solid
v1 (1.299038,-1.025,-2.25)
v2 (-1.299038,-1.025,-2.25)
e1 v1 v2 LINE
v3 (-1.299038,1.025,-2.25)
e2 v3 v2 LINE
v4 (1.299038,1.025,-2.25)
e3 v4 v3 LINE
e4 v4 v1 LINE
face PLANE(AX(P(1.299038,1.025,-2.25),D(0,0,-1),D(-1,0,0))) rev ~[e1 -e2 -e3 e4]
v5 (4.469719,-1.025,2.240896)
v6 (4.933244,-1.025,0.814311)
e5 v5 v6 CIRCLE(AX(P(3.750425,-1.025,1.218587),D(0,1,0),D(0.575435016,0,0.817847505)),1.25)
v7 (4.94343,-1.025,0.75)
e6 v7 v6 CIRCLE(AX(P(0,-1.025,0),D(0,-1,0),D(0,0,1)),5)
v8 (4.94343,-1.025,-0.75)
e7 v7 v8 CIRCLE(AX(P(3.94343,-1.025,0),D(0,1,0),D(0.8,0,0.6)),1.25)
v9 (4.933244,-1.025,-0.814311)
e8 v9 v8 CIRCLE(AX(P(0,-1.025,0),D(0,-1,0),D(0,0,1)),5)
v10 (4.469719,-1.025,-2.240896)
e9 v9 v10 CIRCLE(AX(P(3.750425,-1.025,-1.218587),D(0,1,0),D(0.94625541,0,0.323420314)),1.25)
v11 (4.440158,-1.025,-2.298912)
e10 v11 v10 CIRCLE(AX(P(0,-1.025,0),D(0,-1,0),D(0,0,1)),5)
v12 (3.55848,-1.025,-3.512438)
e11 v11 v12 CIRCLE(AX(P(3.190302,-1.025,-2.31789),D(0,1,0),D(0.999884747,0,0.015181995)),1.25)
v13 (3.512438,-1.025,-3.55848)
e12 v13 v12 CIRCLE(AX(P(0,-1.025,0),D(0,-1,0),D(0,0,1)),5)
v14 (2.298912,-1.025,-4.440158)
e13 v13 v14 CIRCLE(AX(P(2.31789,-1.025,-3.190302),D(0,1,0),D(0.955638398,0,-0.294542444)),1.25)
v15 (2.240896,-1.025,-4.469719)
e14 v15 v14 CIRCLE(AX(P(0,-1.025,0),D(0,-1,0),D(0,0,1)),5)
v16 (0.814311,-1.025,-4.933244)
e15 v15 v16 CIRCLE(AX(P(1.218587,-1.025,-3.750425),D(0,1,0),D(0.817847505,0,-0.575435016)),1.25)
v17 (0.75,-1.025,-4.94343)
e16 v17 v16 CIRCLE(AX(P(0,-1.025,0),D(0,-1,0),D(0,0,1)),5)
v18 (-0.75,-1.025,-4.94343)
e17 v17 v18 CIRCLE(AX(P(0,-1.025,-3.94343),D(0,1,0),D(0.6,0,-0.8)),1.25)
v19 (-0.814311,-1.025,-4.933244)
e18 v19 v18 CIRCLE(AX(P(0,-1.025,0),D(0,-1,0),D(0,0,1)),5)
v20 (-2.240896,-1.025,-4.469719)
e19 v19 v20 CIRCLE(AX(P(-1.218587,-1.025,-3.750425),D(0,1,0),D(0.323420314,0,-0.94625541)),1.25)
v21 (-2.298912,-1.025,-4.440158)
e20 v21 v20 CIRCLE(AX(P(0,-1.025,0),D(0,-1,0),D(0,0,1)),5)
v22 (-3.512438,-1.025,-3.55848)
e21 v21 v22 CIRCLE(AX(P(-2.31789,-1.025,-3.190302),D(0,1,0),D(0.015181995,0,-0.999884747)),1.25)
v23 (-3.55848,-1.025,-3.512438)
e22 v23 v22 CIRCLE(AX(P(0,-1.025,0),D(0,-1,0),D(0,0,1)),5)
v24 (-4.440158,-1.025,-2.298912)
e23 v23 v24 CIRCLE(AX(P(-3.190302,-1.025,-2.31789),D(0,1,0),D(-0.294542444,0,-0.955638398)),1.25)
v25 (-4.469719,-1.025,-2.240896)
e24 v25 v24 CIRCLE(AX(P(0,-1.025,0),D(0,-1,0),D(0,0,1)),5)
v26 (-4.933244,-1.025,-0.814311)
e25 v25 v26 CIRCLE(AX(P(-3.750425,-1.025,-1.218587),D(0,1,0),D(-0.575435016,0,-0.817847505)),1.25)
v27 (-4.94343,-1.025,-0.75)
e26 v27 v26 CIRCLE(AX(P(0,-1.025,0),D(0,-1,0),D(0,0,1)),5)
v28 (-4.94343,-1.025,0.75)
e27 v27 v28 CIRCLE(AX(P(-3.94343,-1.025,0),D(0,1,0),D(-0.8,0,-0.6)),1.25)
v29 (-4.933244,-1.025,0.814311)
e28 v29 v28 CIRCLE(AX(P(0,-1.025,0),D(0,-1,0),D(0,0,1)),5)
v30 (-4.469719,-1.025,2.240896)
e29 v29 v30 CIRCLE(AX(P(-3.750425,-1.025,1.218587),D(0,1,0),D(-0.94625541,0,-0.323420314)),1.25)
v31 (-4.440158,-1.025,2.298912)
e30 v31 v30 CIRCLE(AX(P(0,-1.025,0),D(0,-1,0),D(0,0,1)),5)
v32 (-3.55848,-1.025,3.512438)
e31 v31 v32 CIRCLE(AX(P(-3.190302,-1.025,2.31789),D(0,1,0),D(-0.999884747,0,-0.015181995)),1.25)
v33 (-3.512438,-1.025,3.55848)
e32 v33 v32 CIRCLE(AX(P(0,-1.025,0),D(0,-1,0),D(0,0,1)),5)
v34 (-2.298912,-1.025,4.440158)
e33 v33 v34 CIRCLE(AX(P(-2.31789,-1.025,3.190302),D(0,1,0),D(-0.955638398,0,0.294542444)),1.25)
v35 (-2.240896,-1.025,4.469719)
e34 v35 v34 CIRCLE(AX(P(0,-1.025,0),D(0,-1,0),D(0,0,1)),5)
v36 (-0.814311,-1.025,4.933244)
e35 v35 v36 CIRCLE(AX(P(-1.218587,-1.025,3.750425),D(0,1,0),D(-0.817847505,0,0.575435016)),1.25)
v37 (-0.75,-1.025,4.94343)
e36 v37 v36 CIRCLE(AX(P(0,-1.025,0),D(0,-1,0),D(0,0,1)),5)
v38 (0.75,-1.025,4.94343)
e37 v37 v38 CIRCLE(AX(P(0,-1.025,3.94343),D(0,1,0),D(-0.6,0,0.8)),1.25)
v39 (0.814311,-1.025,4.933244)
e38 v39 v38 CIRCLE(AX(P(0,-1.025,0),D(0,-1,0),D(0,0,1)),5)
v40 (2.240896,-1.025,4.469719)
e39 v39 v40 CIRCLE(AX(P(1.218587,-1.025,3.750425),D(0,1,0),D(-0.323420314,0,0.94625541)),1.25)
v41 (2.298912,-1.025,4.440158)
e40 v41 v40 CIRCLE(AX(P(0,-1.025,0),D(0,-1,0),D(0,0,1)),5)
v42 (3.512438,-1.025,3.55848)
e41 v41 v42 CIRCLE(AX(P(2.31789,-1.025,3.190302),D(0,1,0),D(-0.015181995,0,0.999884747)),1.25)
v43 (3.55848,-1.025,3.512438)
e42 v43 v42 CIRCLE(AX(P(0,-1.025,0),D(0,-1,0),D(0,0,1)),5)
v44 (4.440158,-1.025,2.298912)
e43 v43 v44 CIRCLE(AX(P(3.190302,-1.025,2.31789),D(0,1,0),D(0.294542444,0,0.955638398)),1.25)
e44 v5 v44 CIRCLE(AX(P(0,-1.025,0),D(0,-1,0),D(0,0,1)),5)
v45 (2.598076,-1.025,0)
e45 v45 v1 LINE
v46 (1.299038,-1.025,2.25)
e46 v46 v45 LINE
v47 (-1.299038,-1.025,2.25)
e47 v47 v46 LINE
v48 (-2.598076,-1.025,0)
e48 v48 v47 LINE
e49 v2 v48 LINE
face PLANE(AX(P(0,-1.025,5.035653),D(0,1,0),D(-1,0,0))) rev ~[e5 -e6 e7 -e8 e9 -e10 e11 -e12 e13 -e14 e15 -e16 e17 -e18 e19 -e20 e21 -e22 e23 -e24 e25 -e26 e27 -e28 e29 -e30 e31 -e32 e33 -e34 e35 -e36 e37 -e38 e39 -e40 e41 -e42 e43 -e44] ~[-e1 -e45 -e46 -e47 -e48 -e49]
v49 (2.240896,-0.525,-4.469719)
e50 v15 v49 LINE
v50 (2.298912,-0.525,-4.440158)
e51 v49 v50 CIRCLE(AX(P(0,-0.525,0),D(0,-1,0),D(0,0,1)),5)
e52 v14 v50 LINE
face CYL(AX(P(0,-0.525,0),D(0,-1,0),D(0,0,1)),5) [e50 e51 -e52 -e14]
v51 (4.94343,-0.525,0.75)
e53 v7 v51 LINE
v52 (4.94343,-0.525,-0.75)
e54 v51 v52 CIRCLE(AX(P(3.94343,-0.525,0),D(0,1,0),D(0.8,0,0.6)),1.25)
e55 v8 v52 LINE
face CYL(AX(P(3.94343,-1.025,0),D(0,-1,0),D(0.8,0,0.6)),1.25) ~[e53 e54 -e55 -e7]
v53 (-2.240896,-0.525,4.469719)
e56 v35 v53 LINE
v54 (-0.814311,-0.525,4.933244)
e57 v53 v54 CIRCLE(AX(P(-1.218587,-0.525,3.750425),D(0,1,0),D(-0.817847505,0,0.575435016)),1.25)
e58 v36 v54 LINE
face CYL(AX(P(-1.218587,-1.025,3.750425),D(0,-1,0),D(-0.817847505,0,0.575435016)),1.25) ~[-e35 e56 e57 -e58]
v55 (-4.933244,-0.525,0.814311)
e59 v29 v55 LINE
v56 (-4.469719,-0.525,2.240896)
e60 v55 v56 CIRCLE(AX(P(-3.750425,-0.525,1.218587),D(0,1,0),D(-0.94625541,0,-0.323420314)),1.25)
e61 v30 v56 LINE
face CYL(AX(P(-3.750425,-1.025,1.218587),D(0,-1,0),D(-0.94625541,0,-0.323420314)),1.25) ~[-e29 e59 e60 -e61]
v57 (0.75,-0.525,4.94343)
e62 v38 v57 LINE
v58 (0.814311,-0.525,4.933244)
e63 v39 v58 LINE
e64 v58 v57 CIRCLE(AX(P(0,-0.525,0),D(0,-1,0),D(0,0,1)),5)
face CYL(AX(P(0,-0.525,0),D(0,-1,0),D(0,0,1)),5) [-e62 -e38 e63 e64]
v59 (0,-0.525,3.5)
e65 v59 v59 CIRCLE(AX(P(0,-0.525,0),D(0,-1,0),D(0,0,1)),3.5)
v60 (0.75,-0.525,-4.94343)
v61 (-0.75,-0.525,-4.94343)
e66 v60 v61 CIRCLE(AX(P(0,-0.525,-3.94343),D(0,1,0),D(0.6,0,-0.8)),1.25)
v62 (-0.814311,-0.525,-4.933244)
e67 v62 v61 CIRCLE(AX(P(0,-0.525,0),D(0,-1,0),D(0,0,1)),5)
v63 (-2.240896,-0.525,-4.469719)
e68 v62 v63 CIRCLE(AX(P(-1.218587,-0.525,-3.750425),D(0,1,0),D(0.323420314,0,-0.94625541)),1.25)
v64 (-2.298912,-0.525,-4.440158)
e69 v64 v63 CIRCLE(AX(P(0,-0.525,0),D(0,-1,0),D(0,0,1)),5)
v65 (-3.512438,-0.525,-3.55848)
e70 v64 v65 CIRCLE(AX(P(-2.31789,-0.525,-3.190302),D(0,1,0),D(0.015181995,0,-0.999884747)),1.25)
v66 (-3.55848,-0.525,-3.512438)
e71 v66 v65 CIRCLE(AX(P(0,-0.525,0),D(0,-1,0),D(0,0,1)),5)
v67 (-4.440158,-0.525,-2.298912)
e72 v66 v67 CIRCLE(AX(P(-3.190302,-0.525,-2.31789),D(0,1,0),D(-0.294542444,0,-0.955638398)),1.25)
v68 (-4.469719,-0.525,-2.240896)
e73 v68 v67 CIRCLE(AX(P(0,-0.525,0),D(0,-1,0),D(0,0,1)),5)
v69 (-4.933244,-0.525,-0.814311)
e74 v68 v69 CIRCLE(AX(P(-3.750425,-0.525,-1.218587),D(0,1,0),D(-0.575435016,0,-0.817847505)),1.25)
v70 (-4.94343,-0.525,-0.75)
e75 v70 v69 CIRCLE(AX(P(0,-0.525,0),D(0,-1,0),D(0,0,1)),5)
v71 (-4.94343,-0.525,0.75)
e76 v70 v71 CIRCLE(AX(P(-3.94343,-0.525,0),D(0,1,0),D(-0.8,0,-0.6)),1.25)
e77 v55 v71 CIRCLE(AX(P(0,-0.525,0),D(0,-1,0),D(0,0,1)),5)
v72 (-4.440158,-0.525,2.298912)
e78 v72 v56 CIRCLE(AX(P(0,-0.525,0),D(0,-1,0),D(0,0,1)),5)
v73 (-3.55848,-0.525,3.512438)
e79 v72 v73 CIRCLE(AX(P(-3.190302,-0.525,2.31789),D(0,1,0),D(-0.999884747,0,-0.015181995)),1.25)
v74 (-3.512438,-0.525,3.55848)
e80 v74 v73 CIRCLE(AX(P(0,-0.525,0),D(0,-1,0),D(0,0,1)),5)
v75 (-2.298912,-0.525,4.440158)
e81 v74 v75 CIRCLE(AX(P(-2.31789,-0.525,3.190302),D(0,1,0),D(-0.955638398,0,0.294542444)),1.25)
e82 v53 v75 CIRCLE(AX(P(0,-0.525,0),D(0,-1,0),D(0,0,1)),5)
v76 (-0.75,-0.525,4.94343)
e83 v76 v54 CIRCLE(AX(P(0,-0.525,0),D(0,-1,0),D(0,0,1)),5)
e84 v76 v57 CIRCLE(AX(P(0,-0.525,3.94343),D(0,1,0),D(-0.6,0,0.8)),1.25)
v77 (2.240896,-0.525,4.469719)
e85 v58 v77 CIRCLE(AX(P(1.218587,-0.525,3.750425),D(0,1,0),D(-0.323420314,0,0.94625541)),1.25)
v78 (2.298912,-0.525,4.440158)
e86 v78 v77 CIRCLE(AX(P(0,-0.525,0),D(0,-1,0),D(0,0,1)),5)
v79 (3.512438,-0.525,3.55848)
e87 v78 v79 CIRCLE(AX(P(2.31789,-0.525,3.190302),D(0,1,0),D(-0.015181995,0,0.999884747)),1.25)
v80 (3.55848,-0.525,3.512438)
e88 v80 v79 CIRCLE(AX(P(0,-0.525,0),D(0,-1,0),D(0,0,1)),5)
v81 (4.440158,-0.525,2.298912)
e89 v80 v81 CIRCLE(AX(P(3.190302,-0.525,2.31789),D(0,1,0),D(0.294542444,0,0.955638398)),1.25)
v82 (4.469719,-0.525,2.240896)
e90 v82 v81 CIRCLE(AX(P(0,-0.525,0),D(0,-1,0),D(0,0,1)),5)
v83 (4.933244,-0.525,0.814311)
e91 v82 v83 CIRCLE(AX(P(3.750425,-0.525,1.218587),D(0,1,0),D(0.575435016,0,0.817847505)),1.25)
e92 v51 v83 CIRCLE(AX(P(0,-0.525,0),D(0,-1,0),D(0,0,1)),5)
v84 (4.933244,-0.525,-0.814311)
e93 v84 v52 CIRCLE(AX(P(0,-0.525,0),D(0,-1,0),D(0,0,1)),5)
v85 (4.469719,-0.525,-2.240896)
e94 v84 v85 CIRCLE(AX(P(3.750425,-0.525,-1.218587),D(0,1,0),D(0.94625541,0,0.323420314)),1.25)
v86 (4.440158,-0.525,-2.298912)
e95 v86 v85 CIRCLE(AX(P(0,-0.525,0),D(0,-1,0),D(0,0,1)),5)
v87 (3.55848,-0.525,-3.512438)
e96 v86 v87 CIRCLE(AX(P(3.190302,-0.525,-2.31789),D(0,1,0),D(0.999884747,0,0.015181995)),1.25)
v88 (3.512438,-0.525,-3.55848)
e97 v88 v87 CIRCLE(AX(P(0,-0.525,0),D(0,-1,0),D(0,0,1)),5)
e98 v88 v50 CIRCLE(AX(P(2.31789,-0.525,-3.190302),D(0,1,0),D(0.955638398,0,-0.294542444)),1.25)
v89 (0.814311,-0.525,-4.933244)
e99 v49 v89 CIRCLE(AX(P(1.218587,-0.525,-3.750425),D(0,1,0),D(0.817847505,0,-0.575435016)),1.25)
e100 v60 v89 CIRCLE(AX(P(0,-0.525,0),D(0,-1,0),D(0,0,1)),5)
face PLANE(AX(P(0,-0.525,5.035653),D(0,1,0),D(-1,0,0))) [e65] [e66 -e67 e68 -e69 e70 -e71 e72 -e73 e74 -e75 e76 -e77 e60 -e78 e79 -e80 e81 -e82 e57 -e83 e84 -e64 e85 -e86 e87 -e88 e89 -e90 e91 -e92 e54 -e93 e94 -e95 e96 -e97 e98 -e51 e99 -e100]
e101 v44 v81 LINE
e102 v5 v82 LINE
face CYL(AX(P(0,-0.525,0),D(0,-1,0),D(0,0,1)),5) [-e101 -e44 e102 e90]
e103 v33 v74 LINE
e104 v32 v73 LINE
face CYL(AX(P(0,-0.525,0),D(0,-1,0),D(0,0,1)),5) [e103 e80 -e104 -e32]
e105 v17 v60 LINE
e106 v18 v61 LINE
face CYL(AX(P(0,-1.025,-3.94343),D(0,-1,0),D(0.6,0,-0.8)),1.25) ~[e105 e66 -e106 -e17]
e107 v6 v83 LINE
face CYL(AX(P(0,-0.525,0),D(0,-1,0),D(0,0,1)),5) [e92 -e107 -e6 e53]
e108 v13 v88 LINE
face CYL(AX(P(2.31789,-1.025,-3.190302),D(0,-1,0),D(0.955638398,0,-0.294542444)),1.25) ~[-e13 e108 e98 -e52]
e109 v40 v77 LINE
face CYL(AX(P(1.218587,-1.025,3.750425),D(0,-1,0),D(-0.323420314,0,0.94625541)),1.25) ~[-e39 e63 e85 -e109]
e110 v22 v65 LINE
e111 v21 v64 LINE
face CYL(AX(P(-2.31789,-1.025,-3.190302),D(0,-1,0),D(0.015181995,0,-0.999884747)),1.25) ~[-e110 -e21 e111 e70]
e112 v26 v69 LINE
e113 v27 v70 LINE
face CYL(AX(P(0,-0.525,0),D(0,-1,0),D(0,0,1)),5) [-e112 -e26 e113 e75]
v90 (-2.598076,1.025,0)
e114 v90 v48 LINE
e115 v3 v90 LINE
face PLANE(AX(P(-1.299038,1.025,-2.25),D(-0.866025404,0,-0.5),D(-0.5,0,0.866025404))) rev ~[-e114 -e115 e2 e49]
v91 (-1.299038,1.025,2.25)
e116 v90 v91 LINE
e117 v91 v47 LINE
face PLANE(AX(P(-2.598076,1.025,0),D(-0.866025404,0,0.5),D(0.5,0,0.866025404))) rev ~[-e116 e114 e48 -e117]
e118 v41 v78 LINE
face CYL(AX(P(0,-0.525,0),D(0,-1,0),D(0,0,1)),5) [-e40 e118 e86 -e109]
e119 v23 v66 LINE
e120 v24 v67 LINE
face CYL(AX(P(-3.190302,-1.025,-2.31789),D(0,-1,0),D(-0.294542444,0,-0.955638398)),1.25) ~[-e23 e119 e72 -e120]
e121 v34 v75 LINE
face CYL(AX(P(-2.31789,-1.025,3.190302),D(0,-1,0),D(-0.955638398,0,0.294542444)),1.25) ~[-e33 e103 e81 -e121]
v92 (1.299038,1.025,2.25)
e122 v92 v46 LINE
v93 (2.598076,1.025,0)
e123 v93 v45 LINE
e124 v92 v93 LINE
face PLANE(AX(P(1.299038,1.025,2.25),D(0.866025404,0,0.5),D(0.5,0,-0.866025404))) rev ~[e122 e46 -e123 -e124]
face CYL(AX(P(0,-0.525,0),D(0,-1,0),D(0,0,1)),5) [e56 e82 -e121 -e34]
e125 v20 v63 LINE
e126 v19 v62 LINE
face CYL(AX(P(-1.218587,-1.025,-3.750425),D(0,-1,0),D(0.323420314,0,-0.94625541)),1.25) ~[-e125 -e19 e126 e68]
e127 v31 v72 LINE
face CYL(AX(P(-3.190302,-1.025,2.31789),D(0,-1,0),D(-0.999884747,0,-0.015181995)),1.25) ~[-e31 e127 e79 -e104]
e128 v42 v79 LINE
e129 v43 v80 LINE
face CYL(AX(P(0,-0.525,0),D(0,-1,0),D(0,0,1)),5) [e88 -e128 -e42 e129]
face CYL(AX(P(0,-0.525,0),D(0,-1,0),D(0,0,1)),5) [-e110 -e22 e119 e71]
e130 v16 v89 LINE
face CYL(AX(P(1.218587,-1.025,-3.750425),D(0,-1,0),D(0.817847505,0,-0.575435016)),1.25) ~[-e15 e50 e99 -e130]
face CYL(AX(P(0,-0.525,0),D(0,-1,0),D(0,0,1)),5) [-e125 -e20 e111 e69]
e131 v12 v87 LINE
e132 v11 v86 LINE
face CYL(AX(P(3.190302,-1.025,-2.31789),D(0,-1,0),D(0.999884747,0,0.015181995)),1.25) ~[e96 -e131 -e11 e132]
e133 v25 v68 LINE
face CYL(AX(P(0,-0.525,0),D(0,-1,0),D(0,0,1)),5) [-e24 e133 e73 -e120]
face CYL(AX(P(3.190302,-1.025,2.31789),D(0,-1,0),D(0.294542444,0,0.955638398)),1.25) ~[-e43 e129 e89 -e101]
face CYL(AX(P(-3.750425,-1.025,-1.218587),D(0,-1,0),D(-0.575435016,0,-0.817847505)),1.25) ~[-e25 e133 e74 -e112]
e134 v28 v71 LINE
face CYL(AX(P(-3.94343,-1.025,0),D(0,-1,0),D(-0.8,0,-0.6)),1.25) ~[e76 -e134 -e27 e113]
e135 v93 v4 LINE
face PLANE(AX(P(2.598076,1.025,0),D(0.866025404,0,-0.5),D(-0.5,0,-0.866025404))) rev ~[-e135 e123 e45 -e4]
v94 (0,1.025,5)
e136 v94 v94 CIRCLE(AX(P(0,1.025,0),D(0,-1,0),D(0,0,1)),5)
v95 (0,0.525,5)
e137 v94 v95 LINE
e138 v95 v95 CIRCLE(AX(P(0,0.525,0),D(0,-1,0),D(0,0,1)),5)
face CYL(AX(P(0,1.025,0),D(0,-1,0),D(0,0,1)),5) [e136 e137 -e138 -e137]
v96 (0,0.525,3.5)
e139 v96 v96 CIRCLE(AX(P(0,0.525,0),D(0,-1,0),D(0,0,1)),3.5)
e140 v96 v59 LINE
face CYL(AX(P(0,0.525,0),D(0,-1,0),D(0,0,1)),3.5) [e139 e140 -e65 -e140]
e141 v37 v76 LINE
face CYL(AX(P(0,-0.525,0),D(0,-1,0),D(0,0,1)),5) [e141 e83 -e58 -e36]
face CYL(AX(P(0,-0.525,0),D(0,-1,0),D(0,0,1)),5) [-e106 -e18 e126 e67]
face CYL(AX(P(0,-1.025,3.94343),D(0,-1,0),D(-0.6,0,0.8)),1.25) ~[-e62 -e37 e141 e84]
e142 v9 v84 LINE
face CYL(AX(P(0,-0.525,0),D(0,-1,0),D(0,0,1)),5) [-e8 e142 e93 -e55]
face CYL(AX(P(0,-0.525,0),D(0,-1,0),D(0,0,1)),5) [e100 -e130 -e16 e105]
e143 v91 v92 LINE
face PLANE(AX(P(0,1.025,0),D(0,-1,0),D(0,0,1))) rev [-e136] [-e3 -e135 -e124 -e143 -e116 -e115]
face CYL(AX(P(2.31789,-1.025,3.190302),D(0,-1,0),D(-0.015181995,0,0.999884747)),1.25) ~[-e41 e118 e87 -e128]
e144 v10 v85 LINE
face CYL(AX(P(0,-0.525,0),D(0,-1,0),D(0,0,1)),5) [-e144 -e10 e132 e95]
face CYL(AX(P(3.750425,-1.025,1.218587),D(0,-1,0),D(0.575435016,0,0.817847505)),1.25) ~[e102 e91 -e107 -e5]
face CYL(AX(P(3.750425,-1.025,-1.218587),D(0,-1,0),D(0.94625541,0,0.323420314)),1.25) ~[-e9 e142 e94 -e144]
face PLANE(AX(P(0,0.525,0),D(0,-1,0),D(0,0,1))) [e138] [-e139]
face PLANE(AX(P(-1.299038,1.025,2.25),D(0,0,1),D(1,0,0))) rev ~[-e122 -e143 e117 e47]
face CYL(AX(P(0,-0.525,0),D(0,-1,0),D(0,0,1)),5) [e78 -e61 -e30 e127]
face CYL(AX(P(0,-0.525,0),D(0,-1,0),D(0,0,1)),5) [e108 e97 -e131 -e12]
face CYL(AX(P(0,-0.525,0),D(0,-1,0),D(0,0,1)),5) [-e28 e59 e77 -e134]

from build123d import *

# Parameters (mm, degrees)
BOSS_EXTRUDE1_DEPTH     = 0.5
CIRPATTERN3_COUNT       = 20
CUT_EXTRUDE1_DEPTH      = 1
CUT_EXTRUDE1_DEPTH_BACK = 3.05


with BuildPart() as part:
    # Sketch1 → Revolve1 (revolve)
    with BuildSketch(Plane(origin=(0, 0, 0), x_dir=(0, 0, -1), z_dir=(1, 0, 0))):
        Polygon((-3.5, 0.525), (-3.5, -0.525), (-5, -0.525), (-5, -1.025), (0, -1.025), (0, -0.525), (0, 0.525), (0, 1.025), (-5, 1.025), (-5, 0.525), align=None)
    revolve(axis=Axis((0, 0, 0), (0, -1, 0)))

    # Sketch3 → Boss-Extrude1 (add)
    with BuildSketch(Plane.XZ.offset(1.025)):
        with BuildLine():
            ThreePointArc((-0.75, 4.943429983), (0, 5.193429983), (0.75, 4.943429983))
            ThreePointArc((0.75, 4.943429983), (0, 5), (-0.75, 4.943429983))
        make_face()
    boss_extrude1 = extrude(amount=-BOSS_EXTRUDE1_DEPTH)

    # CirPattern3: Boss-Extrude1 ×20 about axis
    cirpattern3_axis = Axis((0, 0, 0), (0, 1, 0))
    for i in range(1, CIRPATTERN3_COUNT):
        add(boss_extrude1.rotate(cirpattern3_axis, i * 360 / CIRPATTERN3_COUNT))

    # Sketch4 → Cut-Extrude1 (cut, two sides)
    with BuildSketch(Plane(origin=(0, 1.025, 0), x_dir=(1, 0, 0), z_dir=(0, 1, 0))) as cut_extrude1_sk:
        Polygon((1.299038106, 2.25), (-1.299038106, 2.25), (-2.598076211, 0), (-1.299038106, -2.25), (1.299038106, -2.25), (2.598076211, 0), align=None)
    extrude(amount=CUT_EXTRUDE1_DEPTH, mode=Mode.SUBTRACT)
    extrude(cut_extrude1_sk.sketch, amount=-CUT_EXTRUDE1_DEPTH_BACK, mode=Mode.SUBTRACT)


solid = part.part
